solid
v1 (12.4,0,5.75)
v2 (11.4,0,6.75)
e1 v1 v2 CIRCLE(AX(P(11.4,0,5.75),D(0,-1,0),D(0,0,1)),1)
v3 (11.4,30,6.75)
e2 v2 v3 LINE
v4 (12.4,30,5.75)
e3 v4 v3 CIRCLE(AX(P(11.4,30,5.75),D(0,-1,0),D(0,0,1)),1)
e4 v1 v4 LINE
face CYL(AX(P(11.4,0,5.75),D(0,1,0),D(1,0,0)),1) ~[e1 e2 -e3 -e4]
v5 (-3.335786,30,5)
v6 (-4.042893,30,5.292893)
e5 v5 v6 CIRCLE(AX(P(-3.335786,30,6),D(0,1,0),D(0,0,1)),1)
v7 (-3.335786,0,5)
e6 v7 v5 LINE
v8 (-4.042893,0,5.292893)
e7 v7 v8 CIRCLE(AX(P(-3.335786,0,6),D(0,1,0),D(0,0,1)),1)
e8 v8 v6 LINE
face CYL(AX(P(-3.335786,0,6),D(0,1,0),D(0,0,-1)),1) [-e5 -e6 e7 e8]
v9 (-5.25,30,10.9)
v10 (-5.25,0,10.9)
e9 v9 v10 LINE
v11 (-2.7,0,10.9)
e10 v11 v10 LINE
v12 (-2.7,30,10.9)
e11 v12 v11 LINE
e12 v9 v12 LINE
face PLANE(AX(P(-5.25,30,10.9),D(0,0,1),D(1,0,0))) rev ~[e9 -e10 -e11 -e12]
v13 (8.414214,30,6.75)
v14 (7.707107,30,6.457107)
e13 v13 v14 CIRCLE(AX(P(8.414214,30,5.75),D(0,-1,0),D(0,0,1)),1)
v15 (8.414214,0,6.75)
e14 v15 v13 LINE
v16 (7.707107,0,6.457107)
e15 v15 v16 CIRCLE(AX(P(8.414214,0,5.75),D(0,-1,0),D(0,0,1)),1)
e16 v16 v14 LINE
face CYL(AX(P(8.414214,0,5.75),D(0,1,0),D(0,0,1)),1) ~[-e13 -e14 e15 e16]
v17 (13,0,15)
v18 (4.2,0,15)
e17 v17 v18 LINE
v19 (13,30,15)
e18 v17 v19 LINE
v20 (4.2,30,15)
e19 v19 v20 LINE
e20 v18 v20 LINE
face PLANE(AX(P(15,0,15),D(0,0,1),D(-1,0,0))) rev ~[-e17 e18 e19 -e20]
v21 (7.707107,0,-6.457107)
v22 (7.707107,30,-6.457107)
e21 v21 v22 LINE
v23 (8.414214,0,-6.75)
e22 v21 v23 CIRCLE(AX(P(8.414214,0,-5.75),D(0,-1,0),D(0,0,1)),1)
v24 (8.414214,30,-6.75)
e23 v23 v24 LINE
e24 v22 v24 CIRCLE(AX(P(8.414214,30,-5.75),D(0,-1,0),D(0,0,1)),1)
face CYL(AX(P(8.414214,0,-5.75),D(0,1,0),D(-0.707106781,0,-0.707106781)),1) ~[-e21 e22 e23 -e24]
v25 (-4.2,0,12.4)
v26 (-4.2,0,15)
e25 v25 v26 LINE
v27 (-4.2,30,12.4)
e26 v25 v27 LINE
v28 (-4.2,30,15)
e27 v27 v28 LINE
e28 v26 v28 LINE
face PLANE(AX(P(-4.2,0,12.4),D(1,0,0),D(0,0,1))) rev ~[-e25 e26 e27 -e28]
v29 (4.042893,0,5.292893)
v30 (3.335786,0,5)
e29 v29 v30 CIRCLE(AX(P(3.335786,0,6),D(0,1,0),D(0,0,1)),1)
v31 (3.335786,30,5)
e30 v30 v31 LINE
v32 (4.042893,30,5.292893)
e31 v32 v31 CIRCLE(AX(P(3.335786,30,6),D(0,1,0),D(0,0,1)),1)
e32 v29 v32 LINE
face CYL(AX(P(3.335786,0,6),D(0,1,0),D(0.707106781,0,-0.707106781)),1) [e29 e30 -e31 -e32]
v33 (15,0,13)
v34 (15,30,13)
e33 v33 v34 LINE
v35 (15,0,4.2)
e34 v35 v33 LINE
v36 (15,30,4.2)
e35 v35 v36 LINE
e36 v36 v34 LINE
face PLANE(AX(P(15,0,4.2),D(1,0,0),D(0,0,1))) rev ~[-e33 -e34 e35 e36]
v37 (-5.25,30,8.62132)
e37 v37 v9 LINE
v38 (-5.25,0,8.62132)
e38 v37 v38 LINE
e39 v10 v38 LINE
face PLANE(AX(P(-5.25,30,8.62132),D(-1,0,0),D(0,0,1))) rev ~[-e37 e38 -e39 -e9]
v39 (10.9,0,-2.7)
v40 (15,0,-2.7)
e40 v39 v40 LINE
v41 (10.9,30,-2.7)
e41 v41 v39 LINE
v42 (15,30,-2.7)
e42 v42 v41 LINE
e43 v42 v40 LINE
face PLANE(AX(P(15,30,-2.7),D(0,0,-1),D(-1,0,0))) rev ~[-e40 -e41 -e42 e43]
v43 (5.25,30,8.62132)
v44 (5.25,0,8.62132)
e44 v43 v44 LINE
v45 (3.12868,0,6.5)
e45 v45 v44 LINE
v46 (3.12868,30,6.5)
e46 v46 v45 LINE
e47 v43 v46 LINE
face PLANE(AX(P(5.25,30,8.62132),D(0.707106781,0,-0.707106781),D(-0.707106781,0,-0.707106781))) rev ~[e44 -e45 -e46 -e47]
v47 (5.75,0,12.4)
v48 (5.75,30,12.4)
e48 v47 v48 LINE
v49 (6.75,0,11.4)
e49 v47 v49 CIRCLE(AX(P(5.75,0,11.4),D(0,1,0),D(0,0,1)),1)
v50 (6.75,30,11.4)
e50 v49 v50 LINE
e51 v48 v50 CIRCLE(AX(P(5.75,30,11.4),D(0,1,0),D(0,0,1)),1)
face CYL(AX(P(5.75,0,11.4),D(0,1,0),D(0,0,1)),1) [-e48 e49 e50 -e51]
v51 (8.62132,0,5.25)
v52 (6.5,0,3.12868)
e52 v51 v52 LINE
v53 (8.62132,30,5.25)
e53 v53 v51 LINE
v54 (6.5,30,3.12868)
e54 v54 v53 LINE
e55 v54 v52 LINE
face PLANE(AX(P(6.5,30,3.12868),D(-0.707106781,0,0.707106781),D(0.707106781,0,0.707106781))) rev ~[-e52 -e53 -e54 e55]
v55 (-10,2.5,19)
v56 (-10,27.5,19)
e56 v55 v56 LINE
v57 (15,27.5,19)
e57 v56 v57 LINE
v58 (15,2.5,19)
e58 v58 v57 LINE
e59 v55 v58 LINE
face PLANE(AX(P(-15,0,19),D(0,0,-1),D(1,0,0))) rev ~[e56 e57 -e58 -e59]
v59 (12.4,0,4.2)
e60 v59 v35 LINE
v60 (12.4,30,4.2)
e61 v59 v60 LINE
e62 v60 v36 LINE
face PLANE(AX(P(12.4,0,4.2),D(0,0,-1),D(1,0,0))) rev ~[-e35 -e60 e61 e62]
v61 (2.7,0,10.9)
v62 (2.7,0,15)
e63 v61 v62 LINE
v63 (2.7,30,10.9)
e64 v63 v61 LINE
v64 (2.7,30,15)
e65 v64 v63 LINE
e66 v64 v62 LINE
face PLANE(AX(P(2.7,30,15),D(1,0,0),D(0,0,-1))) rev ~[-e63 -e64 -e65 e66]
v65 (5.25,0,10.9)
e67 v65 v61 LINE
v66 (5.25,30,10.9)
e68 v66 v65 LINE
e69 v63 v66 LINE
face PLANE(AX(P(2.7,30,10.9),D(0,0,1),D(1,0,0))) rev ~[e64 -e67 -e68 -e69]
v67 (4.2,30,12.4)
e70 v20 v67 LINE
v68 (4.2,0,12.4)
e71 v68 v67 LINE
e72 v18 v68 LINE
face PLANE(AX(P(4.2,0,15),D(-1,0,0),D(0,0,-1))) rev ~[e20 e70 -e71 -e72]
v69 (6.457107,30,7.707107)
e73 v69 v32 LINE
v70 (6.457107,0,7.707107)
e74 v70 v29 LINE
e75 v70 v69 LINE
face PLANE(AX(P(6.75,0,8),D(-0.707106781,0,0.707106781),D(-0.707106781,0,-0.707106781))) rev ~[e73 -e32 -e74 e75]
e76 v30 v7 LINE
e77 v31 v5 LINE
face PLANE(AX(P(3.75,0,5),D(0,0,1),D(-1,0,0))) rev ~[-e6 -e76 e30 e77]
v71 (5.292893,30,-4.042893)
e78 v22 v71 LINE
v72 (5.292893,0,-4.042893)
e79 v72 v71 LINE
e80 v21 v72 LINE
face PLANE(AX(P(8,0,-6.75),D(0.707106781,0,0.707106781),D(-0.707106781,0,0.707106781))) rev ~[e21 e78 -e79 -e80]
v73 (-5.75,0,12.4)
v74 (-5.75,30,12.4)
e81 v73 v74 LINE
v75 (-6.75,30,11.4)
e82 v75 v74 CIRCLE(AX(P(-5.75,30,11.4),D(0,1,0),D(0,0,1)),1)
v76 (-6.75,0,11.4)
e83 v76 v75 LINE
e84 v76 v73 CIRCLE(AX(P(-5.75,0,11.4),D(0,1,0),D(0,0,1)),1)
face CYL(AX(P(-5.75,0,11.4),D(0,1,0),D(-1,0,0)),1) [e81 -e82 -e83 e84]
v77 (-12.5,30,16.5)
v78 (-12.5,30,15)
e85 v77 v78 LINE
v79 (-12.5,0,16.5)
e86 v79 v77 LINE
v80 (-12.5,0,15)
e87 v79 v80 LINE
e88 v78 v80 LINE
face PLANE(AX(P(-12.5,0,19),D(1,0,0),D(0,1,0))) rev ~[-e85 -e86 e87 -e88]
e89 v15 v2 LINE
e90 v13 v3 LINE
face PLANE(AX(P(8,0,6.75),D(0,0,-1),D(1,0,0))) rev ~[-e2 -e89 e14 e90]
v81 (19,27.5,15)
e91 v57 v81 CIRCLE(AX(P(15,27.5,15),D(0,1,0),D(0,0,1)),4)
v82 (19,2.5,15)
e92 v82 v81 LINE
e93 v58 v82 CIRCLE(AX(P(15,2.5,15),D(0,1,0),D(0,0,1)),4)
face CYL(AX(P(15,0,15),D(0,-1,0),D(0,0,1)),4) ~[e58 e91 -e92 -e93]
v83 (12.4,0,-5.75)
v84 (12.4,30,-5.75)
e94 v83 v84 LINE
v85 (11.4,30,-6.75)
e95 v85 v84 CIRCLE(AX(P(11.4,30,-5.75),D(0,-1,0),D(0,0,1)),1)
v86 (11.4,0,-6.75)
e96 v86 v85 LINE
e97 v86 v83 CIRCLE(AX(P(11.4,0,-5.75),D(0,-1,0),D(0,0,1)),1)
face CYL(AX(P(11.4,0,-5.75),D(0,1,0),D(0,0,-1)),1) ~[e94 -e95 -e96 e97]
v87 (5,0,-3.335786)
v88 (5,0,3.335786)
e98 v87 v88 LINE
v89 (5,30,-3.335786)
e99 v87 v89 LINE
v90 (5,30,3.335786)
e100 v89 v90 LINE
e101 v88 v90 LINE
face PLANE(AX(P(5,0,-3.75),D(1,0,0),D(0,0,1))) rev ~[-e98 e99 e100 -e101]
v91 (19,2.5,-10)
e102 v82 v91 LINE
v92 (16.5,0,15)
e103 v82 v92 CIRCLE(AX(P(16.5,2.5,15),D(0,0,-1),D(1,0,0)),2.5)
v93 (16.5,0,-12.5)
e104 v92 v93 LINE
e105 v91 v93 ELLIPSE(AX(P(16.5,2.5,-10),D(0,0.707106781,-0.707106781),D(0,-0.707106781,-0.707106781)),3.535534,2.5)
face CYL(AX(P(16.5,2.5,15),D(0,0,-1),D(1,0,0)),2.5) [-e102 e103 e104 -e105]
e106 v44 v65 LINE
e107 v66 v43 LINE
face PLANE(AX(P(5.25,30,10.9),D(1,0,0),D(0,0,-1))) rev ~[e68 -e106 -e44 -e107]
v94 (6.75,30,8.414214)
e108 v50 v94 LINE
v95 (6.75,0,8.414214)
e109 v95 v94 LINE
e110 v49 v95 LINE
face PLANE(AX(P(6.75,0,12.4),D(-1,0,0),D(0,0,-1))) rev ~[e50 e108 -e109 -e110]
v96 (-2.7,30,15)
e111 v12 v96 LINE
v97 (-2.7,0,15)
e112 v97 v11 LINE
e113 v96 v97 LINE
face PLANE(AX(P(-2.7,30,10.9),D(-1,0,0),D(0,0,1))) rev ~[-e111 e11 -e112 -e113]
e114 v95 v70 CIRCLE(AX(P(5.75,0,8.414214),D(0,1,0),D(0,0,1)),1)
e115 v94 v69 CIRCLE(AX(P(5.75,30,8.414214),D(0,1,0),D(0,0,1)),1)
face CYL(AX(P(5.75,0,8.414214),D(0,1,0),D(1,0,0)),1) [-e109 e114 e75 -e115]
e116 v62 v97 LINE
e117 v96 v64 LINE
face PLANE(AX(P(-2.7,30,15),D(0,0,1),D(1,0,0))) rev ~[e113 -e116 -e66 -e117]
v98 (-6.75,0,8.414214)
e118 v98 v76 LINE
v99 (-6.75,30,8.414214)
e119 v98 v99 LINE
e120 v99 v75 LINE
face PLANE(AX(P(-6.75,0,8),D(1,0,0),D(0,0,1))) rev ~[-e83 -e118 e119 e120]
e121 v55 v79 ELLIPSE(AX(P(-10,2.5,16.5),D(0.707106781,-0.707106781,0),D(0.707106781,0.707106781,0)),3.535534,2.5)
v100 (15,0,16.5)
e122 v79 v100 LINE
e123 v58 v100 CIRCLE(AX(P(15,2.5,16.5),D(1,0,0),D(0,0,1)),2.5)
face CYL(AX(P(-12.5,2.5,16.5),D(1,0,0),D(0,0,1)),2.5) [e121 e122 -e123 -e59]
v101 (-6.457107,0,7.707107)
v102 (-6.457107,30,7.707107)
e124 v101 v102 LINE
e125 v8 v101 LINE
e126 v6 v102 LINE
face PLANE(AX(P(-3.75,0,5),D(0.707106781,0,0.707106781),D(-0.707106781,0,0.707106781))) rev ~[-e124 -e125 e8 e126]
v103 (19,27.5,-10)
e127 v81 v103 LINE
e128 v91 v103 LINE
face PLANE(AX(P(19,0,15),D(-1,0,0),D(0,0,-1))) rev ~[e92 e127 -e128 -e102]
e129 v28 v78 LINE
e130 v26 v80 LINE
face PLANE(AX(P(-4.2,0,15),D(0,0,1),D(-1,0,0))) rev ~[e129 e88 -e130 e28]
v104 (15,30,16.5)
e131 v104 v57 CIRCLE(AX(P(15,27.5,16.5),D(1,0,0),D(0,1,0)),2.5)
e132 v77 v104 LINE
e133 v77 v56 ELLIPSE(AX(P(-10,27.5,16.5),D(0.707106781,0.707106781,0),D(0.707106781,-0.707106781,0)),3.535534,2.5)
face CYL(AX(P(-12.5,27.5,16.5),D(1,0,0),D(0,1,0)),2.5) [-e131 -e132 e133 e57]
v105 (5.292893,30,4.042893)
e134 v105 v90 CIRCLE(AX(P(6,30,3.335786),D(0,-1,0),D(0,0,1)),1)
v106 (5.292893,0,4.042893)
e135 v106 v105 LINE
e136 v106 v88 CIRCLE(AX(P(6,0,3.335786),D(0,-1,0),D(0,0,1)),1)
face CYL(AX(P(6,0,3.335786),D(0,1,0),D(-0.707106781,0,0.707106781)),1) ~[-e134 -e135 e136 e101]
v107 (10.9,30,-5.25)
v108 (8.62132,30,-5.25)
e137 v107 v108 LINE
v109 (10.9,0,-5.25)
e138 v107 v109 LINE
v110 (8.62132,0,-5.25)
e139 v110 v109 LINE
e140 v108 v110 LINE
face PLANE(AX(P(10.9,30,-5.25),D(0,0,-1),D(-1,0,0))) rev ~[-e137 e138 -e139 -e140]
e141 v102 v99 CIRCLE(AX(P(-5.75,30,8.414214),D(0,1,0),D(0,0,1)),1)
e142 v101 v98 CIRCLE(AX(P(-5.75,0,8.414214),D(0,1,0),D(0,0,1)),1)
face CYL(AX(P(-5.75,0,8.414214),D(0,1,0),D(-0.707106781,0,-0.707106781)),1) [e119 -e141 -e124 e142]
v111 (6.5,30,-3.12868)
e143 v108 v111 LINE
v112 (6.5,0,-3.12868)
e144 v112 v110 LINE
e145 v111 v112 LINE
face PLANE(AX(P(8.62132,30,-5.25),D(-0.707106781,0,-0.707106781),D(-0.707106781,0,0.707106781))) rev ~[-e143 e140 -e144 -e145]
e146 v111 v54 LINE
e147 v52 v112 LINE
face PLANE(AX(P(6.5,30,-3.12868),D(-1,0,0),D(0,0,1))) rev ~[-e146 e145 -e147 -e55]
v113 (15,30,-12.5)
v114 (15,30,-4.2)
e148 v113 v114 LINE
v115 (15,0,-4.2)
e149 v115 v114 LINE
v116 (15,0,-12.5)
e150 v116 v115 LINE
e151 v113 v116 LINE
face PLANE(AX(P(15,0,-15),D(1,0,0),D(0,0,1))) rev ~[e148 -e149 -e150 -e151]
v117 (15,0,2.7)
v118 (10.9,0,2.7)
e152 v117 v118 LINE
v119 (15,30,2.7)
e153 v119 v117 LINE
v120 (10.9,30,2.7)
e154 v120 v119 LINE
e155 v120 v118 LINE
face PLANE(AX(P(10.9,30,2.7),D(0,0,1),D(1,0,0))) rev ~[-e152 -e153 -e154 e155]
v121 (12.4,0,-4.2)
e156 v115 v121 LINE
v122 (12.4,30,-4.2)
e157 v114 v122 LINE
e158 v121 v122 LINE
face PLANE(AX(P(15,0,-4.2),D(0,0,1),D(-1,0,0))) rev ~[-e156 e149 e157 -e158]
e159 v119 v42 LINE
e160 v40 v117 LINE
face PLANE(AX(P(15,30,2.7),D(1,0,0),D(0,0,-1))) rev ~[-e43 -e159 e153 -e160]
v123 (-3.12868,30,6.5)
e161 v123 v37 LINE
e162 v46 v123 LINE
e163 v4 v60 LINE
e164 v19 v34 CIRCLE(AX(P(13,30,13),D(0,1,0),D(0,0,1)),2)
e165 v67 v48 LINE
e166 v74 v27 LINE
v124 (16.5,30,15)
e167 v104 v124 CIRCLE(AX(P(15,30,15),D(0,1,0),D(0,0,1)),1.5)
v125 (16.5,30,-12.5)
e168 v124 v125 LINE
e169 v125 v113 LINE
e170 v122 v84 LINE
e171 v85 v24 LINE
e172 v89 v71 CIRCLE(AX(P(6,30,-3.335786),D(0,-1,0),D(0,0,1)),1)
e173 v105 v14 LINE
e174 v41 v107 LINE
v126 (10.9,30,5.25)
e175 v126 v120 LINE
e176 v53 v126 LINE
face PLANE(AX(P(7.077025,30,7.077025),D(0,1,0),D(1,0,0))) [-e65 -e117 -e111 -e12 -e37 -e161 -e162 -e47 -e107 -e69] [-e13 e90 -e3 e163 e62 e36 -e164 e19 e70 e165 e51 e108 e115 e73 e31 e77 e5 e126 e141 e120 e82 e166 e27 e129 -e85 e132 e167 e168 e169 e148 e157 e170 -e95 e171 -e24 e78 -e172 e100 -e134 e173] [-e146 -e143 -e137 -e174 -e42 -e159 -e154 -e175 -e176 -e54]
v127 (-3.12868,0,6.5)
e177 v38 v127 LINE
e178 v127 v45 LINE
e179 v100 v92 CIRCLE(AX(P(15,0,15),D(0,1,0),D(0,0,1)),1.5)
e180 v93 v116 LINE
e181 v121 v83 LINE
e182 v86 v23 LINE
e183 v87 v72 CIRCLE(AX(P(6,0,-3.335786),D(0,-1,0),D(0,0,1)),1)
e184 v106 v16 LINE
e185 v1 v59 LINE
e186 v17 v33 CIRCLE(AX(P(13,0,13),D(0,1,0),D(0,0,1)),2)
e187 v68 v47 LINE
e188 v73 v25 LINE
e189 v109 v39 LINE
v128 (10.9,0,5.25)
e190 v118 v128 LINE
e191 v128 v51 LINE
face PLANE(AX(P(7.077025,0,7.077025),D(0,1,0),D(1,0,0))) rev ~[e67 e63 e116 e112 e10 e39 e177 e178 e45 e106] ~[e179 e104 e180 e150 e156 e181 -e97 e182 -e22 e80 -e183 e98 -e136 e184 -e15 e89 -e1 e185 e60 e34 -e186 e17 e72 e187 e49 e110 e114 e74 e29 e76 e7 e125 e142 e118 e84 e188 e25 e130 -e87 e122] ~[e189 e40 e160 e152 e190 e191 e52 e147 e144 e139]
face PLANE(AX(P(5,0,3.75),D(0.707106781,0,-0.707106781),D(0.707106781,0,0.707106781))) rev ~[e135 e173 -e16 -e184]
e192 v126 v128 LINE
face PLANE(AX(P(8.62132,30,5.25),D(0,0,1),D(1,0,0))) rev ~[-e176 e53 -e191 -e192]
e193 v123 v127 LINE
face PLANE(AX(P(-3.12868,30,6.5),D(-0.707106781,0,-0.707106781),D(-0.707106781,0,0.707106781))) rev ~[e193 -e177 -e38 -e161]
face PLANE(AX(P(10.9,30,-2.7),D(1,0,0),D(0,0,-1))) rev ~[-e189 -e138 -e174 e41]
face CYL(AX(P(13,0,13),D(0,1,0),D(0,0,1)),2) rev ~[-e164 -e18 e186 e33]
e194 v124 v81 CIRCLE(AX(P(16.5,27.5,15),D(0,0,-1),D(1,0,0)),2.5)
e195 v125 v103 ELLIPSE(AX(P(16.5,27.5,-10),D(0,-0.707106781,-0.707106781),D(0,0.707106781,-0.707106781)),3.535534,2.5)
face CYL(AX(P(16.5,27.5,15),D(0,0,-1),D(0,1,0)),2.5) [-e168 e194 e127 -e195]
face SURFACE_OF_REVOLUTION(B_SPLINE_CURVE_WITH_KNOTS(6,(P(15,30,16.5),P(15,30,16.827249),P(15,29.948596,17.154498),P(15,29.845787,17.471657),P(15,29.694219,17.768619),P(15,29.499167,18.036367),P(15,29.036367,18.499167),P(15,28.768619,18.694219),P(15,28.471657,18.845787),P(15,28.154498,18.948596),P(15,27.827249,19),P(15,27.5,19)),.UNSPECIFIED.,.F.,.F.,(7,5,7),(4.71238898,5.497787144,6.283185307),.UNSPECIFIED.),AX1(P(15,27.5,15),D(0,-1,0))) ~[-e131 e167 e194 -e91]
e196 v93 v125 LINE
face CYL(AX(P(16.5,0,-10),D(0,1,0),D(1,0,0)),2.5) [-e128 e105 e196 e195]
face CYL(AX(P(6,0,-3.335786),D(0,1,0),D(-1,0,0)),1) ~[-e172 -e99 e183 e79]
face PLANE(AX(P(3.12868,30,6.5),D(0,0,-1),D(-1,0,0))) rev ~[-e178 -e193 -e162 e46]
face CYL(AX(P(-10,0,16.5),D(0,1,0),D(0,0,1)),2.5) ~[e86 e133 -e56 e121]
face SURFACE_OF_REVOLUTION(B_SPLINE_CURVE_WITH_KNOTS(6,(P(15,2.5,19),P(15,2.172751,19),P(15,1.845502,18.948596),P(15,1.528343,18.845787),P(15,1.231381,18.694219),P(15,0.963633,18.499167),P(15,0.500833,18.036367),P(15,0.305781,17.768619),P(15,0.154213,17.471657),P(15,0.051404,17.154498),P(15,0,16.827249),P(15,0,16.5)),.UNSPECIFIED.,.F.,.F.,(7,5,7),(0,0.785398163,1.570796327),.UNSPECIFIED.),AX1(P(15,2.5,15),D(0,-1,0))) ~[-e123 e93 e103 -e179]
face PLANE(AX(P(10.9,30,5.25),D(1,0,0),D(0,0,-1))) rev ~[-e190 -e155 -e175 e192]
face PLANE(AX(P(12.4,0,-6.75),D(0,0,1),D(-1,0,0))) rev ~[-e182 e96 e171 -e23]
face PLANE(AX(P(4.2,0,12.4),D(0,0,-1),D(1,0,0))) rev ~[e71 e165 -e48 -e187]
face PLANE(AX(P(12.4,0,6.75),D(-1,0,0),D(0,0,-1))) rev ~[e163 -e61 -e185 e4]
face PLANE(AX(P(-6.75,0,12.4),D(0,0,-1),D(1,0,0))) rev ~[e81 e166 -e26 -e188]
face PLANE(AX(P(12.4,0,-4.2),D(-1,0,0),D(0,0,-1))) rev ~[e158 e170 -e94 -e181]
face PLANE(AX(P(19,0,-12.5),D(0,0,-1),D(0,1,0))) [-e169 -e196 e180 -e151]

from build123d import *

# Parameters (mm, degrees)
BOSS_EXTRUDE1_DEPTH = 30
CUT_EXTRUDE3_REACH  = 51.163
SKETCH4_W           = 2.5
SKETCH4_H           = 30
CUT_EXTRUDE4_REACH  = 49.468
SKETCH5_W           = 2.5
SKETCH5_H           = 30
FILLET1_R           = 2.5
FILLET2_R           = 2
FILLET3_R           = 1
CUT_EXTRUDE5_REACH  = 42.274


with BuildPart() as part:
    # Sketch1 → Boss-Extrude1 (new body)
    with BuildSketch(Plane(origin=(0, 0, 0), x_dir=(1, 0, 0), z_dir=(0, 1, 0))):
        with BuildLine():
            Line((19, -15), (19, 15))
            Line((19, 15), (15, 15))
            Line((15, 15), (15, 4.2))
            Line((15, 4.2), (12.4, 4.2))
            Line((12.4, 4.2), (12.4, 6.75))
            Line((12.4, 6.75), (8, 6.75))
            Line((8, 6.75), (5, 3.75))
            Line((5, 3.75), (5, -3.75))
            Line((5, -3.75), (8, -6.75))
            Line((8, -6.75), (12.4, -6.75))
            Line((12.4, -6.75), (12.4, -4.2))
            Line((12.4, -4.2), (15, -4.2))
            Line((15, -4.2), (15, -15))
            Line((15, -15), (4.2, -15))
            Line((4.2, -15), (4.2, -12.4))
            Line((4.2, -12.4), (6.75, -12.4))
            Line((6.75, -12.4), (6.75, -8))
            Line((6.75, -8), (3.75, -5))
            Line((3.75, -5), (-3.75, -5))
            Line((-3.75, -5), (-6.75, -8))
            Line((-6.75, -8), (-6.75, -12.4))
            Line((-6.75, -12.4), (-4.2, -12.4))
            Line((-4.2, -12.4), (-4.2, -15))
            Line((-4.2, -15), (-15, -15))
            Line((-15, -15), (-15, -19))
            Line((-15, -19), (15, -19))
            ThreePointArc((15, -19), (17.828427125, -17.828427125), (19, -15))
        make_face()
    extrude(amount=BOSS_EXTRUDE1_DEPTH)

    # Sketch4 → Cut-Extrude3 (cut, up to next)
    with BuildSketch(Plane.XY.offset(19), mode=Mode.PRIVATE) as cut_extrude3_sk1:
        with Locations((-13.75, 15)):
            Rectangle(SKETCH4_W, SKETCH4_H)
    cut_extrude3_tool1 = extrude(cut_extrude3_sk1.sketch, amount=-CUT_EXTRUDE3_REACH, mode=Mode.PRIVATE) & part.part
    add(cut_extrude3_tool1.solids().sort_by_distance((-13.75, 15, 19))[0], mode=Mode.SUBTRACT)

    # Sketch5 → Cut-Extrude4 (cut, up to next)
    with BuildSketch(Plane(origin=(19, 0, 0), x_dir=(0, 0, -1), z_dir=(1, 0, 0)), mode=Mode.PRIVATE) as cut_extrude4_sk1:
        with Locations((13.75, 15)):
            Rectangle(SKETCH5_W, SKETCH5_H)
    cut_extrude4_tool1 = extrude(cut_extrude4_sk1.sketch, amount=-CUT_EXTRUDE4_REACH, mode=Mode.PRIVATE) & part.part
    add(cut_extrude4_tool1.solids().sort_by_distance((19, 15, -13.75))[0], mode=Mode.SUBTRACT)

    # Fillet1
    fillet1_edges = [part.edges().sort_by_distance(p)[0] for p in [
        (17.828427125, 30, 17.828427125),
        (19, 0, 1.25),
        (19, 30, 1.25),
        (19, 15, -12.5),
        (17.828427125, 0, 17.828427125),
        (1.25, 0, 19),
        (1.25, 30, 19),
        (-12.5, 15, 19),
    ]]
    fillet(fillet1_edges, radius=FILLET1_R)

    # Fillet2
    fillet2_edges = [part.edges().sort_by_distance(p)[0] for p in [
        (15, 15, 15),
    ]]
    fillet(fillet2_edges, radius=FILLET2_R)

    # Fillet3
    fillet3_edges = [part.edges().sort_by_distance(p)[0] for p in [
        (-6.75, 15, 12.4),
        (-6.75, 15, 8),
        (-3.75, 15, 5),
        (3.75, 15, 5),
        (6.75, 15, 8),
        (6.75, 15, 12.4),
        (12.4, 15, 6.75),
        (8, 15, 6.75),
        (5, 15, 3.75),
        (5, 15, -3.75),
        (8, 15, -6.75),
        (12.4, 15, -6.75),
    ]]
    fillet(fillet3_edges, radius=FILLET3_R)

    # Sketch6 → Cut-Extrude5 (cut, up to next)
    with BuildSketch(Plane(origin=(0, 30, 0), x_dir=(1, 0, 0), z_dir=(0, 1, 0)), mode=Mode.PRIVATE) as cut_extrude5_sk1:
        Polygon((5.25, -8.621320344), (3.128679656, -6.5), (-3.128679656, -6.5), (-5.25, -8.621320344), (-5.25, -10.9), (-2.7, -10.9), (-2.7, -15), (2.7, -15), (2.7, -10.9), (5.25, -10.9), align=None)
    cut_extrude5_tool1 = extrude(cut_extrude5_sk1.sketch, amount=-CUT_EXTRUDE5_REACH, mode=Mode.PRIVATE) & part.part
    # Sketch6 → Cut-Extrude5 (cut, up to next)
    with BuildSketch(Plane(origin=(0, 30, 0), x_dir=(1, 0, 0), z_dir=(0, 1, 0)), mode=Mode.PRIVATE) as cut_extrude5_sk2:
        Polygon((10.9, -2.7), (15, -2.7), (15, 2.7), (10.9, 2.7), (10.9, 5.25), (8.621320344, 5.25), (6.5, 3.128679656), (6.5, -3.128679656), (8.621320344, -5.25), (10.9, -5.25), align=None)
    cut_extrude5_tool2 = extrude(cut_extrude5_sk2.sketch, amount=-CUT_EXTRUDE5_REACH, mode=Mode.PRIVATE) & part.part
    add(cut_extrude5_tool1.solids().sort_by_distance((0, 30, 10.279151))[0], mode=Mode.SUBTRACT)
    add(cut_extrude5_tool2.solids().sort_by_distance((10.279151, 30, 0))[0], mode=Mode.SUBTRACT)


solid = part.part
